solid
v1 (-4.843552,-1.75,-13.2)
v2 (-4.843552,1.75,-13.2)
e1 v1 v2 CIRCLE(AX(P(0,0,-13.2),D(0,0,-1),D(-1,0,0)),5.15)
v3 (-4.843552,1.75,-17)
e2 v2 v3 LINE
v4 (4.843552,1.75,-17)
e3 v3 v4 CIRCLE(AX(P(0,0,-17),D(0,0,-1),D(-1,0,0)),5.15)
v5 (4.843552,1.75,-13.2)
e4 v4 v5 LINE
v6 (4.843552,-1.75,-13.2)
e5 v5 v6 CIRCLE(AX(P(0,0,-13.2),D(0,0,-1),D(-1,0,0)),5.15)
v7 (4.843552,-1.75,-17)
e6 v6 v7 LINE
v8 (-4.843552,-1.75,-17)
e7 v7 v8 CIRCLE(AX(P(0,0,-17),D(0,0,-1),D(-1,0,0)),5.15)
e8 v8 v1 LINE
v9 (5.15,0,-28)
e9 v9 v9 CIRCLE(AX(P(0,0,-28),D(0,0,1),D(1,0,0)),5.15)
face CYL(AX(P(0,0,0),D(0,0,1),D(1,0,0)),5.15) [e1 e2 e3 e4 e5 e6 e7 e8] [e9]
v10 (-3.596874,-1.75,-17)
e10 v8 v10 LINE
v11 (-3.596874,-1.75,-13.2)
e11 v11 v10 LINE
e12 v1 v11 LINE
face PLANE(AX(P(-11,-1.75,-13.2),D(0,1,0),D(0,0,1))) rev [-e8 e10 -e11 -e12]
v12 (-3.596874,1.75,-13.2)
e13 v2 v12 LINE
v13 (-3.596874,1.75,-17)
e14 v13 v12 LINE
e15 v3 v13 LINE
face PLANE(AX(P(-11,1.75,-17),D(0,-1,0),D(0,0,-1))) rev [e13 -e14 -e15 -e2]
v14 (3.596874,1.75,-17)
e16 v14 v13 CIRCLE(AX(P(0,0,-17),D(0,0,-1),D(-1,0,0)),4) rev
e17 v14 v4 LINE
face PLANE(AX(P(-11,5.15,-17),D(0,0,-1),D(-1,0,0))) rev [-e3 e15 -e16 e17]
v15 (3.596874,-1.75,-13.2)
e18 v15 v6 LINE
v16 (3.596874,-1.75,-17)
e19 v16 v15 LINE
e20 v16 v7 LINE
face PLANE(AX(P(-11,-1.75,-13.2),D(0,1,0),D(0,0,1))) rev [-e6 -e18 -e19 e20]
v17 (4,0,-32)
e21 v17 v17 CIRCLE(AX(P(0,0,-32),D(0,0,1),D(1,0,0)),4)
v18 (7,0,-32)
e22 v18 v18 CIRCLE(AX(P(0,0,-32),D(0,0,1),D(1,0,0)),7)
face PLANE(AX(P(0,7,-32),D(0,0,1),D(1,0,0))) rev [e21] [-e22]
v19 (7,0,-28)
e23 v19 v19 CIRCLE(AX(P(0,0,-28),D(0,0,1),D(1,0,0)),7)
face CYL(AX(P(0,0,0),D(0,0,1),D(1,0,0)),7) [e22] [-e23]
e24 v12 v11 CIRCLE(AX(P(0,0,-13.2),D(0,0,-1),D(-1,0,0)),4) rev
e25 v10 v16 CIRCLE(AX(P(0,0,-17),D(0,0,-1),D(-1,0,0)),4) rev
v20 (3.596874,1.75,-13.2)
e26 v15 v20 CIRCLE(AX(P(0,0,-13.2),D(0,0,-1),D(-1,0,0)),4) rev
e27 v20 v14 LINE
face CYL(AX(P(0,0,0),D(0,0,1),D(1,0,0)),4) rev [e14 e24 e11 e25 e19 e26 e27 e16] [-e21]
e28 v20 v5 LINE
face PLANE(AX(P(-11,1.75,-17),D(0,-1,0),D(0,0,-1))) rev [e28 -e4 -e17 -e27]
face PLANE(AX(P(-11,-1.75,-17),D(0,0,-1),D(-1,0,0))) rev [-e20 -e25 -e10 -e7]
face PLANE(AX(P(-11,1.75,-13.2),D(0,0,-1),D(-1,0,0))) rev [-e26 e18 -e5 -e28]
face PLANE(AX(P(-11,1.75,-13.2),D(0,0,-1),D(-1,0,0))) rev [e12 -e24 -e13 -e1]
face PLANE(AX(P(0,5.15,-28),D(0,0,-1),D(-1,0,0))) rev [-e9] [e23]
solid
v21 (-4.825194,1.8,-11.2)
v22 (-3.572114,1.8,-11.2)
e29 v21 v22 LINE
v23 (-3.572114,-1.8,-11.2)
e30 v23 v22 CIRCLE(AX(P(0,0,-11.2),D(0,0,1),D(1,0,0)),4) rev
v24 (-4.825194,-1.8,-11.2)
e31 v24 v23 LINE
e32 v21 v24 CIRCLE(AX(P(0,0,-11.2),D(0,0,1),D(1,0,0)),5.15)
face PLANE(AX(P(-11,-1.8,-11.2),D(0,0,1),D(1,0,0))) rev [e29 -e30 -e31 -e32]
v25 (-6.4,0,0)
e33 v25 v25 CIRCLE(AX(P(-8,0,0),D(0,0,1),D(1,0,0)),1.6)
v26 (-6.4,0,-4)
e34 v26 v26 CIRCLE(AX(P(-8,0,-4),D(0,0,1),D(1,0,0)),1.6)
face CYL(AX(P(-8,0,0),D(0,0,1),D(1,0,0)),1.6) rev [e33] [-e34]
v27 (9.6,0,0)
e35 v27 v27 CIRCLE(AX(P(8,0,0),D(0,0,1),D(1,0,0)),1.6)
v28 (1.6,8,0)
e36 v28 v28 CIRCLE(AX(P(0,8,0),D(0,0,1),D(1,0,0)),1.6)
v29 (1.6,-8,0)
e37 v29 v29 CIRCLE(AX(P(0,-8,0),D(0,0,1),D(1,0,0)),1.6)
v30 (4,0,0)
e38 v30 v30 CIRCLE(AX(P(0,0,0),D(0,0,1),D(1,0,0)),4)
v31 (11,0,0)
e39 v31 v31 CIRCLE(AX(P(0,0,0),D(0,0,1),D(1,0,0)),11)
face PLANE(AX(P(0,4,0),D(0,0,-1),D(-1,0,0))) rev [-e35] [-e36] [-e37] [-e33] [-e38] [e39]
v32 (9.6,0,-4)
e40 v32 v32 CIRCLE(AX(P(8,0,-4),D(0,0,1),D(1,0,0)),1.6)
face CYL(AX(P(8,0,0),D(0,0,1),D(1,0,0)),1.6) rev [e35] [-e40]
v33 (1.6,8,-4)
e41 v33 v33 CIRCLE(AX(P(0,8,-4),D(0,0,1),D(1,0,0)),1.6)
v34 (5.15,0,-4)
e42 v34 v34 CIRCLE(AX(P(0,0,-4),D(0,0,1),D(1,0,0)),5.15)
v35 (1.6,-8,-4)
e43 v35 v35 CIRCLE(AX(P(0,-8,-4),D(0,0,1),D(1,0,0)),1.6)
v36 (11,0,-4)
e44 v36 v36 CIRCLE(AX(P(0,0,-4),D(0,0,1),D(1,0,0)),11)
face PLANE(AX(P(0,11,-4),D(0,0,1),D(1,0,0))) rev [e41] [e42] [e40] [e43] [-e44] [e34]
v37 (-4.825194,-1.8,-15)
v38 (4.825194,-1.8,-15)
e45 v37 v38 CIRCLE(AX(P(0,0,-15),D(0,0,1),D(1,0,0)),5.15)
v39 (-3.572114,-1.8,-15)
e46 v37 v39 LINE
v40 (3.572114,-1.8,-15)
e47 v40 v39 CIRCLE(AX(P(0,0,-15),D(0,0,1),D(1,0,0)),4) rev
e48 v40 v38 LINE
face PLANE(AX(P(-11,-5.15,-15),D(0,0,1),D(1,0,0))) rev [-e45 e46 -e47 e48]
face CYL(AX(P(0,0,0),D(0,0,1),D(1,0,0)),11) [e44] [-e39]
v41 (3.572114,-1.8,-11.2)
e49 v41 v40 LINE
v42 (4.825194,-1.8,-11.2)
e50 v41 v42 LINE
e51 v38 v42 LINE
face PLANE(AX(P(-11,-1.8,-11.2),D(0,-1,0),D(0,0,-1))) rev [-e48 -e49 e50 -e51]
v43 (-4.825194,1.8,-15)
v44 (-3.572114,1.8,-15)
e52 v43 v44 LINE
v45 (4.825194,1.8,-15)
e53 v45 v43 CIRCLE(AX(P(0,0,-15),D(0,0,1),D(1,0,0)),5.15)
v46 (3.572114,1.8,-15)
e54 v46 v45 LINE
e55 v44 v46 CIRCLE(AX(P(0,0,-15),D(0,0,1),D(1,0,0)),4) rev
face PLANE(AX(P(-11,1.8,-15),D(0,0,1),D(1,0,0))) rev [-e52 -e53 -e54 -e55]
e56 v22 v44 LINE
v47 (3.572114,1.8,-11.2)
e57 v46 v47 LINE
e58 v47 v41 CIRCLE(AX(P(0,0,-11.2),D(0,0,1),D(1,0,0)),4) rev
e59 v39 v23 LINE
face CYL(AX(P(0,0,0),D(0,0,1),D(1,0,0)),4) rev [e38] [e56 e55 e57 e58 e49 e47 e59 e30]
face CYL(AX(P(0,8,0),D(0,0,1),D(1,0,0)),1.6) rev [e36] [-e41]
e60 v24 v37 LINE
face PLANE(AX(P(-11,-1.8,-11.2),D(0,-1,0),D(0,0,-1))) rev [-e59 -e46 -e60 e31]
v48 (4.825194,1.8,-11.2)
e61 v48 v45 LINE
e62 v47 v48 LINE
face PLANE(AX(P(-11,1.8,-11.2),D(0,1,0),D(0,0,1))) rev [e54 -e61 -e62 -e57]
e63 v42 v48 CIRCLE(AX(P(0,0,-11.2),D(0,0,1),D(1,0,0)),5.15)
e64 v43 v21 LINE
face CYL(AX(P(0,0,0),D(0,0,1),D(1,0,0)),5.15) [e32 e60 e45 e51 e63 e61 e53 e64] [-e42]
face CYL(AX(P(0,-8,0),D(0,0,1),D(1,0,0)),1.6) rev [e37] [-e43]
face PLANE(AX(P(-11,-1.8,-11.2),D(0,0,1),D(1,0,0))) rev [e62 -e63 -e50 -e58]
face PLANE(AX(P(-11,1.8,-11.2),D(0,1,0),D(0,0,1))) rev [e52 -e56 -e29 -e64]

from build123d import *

# Parameters (mm, degrees)
MATRIZC1_COUNT             = 4
CORTAR_EXTRUIR1_DEPTH      = 36.580893749
CORTAR_EXTRUIR1_DEPTH_BACK = 36.580893749


with BuildPart() as part:
    # Croquis1 → Revolución1 (revolve)
    with BuildSketch(Plane(origin=(0, 0, 0), x_dir=(0, 0, -1), z_dir=(1, 0, 0)), mode=Mode.PRIVATE) as revoluci_n1_sk:
        Polygon((0, 4), (0, 11), (4, 11), (4, 5.15), (28, 5.15), (28, 7), (32, 7), (32, 4), align=None)
    revolve(revoluci_n1_sk.sketch.rotate(Axis((0, 0, 0), (0, 0, -1)), 90), axis=Axis((0, 0, 0), (0, 0, -1)))

    # Croquis3 → Taladro de margen para M31 (revolve, cut)
    with BuildSketch(Plane(origin=(8, 0, 0), x_dir=(0, -1, 0), z_dir=(1, 0, 0))):
        Polygon((0, 0), (0, 8.6), (1.6, 7), (1.6, 0), align=None)
    taladro_de_margen_para_m31 = revolve(axis=Axis((8, 0, 6.35), (0, 0, -1)), mode=Mode.SUBTRACT)

    # MatrizC1: Taladro de margen para M31 ×4 about axis
    matrizc1_axis = Axis((0, 0, 0), (0, 0, 1))
    for i in range(1, MATRIZC1_COUNT):
        add(taladro_de_margen_para_m31.rotate(matrizc1_axis, i * 360 / MATRIZC1_COUNT), mode=Mode.SUBTRACT)

    # Croquis4 → Cortar-Extruir1 (cut, two sides: drawn at the far end of the back side and taken through both)
    with BuildSketch(Plane(origin=(0, 0, 0), x_dir=(0, 0, -1), z_dir=(1, 0, 0)).offset(-CORTAR_EXTRUIR1_DEPTH_BACK)):
        Polygon((11.2, -1.8), (15, -1.8), (15, -5.15), (17, -5.15), (17, -1.75), (13.2, -1.75), (13.2, 1.75), (17, 1.75), (17, 5.15), (15, 5.15), (15, 1.8), (11.2, 1.8), align=None)
    extrude(amount=CORTAR_EXTRUIR1_DEPTH + CORTAR_EXTRUIR1_DEPTH_BACK, mode=Mode.SUBTRACT)


with BuildPart() as cortar_extruir1_piece_1:
    # of the separate pieces the step leaves, piece 1, a body of its own (cortar_extruir1_pieces)
    add(part.part.solids().sort_by_distance((11, 0, 0))[0])


with BuildPart() as cortar_extruir1_piece_2:
    # of the separate pieces the step leaves, piece 2, a body of its own (cortar_extruir1_pieces)
    add(part.part.solids().sort_by_distance((4, 0, -32))[0])


solid = Compound([cortar_extruir1_piece_1.part, cortar_extruir1_piece_2.part])
